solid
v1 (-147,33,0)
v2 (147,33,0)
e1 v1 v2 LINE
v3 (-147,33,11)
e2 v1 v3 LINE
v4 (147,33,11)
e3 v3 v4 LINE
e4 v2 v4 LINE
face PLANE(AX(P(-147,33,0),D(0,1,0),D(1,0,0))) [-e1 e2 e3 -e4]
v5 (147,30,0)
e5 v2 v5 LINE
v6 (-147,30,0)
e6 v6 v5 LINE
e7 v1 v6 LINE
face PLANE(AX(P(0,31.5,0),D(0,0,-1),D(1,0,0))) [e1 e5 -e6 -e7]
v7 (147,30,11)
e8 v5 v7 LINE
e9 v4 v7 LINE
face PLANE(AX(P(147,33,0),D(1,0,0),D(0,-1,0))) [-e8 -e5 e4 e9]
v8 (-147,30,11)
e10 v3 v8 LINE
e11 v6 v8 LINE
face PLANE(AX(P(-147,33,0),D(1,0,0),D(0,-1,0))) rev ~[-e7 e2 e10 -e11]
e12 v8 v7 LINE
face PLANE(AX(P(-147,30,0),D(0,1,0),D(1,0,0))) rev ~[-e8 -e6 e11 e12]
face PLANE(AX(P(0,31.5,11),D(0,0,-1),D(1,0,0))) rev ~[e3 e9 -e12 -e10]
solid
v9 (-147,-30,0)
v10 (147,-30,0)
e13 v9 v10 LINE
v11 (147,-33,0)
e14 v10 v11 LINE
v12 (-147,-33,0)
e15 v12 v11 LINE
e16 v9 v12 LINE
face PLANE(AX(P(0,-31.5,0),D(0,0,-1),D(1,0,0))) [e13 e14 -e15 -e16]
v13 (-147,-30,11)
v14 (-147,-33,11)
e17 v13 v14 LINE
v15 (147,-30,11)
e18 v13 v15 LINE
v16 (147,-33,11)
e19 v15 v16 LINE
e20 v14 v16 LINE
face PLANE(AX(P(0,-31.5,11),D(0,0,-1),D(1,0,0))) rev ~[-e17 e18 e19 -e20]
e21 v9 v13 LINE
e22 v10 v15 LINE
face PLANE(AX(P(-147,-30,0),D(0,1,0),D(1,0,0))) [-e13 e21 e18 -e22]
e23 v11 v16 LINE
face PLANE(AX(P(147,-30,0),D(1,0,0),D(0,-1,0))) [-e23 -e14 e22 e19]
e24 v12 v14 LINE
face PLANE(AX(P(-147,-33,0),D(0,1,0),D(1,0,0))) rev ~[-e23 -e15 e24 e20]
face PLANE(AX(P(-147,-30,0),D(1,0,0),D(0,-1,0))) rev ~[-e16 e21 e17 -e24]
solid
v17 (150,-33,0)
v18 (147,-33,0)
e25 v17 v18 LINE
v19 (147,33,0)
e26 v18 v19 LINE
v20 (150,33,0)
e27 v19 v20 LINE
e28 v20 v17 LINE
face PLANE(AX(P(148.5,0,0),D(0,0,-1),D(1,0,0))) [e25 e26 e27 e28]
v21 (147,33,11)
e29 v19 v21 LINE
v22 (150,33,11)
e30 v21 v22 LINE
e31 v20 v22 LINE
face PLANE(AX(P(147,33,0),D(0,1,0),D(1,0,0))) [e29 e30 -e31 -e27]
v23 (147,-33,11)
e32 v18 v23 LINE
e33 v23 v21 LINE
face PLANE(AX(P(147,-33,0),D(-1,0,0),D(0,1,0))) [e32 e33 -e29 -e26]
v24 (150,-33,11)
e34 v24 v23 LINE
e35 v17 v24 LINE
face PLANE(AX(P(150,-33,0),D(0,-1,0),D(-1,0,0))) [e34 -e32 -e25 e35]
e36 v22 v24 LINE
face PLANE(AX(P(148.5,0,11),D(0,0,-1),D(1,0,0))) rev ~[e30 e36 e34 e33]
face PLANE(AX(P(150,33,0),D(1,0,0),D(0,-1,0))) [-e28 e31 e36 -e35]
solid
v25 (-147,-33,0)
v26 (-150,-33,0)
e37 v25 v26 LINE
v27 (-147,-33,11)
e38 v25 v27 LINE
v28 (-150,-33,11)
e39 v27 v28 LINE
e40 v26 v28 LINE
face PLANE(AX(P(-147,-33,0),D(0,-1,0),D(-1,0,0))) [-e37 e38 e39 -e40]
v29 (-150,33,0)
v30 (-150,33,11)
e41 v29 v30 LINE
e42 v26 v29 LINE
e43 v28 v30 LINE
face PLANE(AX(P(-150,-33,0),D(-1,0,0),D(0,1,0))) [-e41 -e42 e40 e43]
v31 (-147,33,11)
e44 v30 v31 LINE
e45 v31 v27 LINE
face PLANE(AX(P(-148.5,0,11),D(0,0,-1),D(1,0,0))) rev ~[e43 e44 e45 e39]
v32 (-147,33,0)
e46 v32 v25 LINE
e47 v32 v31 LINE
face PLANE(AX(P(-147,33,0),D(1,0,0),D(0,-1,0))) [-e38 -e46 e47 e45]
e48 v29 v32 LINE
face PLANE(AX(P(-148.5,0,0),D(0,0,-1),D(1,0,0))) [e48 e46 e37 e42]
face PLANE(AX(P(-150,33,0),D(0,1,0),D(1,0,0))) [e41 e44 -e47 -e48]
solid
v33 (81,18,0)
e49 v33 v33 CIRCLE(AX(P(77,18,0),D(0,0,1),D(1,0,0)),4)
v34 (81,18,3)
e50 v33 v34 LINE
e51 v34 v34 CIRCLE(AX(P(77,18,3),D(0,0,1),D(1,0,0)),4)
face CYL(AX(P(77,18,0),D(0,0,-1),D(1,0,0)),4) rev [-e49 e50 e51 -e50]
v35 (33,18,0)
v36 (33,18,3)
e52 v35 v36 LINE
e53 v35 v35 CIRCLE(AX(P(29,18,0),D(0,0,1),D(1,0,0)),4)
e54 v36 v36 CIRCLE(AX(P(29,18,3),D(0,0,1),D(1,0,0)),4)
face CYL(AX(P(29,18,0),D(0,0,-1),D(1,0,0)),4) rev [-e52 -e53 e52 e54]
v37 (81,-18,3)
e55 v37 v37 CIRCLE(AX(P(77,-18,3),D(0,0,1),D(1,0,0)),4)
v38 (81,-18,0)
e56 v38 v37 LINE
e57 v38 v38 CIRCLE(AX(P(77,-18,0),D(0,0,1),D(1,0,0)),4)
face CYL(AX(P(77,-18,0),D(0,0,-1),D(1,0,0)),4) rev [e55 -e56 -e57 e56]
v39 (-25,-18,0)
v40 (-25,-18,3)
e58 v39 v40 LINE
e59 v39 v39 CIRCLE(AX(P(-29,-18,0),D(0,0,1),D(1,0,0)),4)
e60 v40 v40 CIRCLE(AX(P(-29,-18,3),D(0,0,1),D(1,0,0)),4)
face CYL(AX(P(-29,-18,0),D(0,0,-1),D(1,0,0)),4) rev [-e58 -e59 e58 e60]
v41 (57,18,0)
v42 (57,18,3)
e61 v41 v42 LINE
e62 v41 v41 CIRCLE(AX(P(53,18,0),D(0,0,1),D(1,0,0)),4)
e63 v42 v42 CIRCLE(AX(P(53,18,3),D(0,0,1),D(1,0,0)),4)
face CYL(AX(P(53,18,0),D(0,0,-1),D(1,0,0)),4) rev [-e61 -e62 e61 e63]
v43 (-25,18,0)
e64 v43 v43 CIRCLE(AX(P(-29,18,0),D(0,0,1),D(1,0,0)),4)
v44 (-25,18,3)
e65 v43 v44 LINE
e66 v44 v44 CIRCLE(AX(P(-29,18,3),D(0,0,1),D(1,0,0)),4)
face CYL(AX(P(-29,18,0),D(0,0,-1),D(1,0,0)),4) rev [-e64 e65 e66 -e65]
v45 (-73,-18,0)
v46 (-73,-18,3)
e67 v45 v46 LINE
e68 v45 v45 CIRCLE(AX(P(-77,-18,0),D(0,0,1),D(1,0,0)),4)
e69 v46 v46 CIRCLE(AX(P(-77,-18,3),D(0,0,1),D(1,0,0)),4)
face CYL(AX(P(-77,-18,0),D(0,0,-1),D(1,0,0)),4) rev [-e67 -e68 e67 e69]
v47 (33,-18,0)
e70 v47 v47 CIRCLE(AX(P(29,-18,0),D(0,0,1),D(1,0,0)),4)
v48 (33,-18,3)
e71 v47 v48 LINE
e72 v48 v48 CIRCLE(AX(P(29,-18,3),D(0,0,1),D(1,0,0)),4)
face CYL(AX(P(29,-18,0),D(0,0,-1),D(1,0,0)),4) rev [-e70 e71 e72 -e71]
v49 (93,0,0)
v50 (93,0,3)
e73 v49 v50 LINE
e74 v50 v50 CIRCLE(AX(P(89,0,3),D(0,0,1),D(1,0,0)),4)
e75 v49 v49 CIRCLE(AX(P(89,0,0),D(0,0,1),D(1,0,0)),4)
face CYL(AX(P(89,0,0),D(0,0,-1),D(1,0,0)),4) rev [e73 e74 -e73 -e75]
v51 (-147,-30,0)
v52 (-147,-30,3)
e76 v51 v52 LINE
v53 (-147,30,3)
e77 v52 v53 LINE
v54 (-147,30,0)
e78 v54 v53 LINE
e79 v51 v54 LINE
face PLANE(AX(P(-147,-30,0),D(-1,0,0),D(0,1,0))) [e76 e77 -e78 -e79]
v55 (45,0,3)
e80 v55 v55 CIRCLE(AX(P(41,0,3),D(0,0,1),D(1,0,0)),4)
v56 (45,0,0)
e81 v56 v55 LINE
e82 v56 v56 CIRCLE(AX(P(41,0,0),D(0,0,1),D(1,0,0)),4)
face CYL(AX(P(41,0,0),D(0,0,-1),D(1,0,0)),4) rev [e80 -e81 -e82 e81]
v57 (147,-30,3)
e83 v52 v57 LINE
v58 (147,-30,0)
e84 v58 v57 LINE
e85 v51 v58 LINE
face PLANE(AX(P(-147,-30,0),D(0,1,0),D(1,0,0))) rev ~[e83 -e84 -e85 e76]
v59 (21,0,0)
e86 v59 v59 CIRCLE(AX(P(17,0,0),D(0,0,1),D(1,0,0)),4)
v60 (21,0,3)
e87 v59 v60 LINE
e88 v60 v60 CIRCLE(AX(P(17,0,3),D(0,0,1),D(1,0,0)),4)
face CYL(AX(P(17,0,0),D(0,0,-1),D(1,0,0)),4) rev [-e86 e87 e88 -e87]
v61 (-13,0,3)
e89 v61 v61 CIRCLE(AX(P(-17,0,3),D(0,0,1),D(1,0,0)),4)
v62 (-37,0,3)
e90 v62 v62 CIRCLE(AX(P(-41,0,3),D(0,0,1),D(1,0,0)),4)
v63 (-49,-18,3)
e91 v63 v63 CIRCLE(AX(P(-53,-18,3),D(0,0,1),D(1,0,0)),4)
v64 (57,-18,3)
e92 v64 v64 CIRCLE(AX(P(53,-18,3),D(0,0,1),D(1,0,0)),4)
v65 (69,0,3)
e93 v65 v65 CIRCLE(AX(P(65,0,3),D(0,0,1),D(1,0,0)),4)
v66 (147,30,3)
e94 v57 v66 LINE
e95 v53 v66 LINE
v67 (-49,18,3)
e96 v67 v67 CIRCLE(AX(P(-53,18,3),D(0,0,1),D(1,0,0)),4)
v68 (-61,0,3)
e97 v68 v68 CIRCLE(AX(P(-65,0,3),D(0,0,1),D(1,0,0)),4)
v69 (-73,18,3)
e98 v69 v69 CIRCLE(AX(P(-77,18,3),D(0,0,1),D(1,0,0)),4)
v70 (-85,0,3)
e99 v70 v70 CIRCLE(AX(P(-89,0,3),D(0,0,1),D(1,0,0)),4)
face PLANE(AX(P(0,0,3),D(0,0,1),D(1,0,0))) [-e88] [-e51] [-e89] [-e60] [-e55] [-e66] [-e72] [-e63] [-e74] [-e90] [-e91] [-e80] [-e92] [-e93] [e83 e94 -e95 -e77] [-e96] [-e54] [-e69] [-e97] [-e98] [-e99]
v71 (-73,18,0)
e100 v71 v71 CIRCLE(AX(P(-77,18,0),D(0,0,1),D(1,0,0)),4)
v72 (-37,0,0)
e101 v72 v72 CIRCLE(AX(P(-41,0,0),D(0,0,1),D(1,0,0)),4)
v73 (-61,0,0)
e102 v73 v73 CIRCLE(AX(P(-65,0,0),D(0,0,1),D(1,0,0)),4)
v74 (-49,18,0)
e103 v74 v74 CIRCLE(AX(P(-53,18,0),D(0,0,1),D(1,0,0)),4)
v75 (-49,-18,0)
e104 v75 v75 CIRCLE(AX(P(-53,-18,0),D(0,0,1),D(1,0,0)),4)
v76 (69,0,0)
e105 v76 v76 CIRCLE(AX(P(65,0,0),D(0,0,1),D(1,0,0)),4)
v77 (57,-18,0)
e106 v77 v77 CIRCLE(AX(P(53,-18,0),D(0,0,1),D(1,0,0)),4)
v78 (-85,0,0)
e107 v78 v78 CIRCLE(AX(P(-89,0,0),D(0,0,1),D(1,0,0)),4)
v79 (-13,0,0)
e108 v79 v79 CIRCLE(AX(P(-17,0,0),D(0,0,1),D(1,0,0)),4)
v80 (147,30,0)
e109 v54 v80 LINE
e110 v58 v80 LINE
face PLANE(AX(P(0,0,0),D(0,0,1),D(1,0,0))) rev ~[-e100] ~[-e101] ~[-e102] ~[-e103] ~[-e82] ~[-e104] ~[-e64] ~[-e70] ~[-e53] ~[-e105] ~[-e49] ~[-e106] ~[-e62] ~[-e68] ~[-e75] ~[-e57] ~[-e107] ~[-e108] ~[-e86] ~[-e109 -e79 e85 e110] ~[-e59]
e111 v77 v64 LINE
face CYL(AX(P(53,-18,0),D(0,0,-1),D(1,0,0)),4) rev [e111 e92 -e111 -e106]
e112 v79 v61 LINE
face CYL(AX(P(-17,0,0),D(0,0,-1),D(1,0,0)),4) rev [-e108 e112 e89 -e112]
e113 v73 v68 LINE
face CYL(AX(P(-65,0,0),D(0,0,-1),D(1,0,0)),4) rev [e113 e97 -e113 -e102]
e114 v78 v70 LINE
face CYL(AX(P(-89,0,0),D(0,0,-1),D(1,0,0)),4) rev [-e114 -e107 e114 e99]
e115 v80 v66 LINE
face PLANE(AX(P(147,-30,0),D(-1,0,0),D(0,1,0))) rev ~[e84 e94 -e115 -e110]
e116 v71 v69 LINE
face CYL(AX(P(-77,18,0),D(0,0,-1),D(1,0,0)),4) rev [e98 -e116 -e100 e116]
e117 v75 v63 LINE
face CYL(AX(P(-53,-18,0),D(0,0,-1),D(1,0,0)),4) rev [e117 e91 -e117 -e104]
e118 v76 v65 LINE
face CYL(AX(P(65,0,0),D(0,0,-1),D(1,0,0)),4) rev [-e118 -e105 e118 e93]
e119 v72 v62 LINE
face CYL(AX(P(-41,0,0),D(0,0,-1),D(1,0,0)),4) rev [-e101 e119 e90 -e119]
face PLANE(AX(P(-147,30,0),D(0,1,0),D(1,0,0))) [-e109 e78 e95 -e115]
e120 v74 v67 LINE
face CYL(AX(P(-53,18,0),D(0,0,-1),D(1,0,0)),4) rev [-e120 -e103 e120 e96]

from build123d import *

# Parameters (mm, degrees)
F0_W     = 294
F0_H     = 60
F0_R     = 4
F1_DEPTH = 3
F2_W     = 294
F2_H     = 3
F3_DEPTH = 11
F5_DEPTH = 11


with BuildPart() as f1:
    # F0 (on Top) → F1 (new body)
    with BuildSketch(Plane.XY):
        Rectangle(F0_W, F0_H)
        with Locations((-77, -18)):
            Circle(F0_R, mode=Mode.SUBTRACT)
        with Locations((-53, -18)):
            Circle(F0_R, mode=Mode.SUBTRACT)
        with Locations((-29, -18)):
            Circle(F0_R, mode=Mode.SUBTRACT)
        with Locations((29, -18)):
            Circle(F0_R, mode=Mode.SUBTRACT)
        with Locations((53, -18)):
            Circle(F0_R, mode=Mode.SUBTRACT)
        with Locations((77, -18)):
            Circle(F0_R, mode=Mode.SUBTRACT)
        with Locations((-89, 0)):
            Circle(F0_R, mode=Mode.SUBTRACT)
        with Locations((-65, 0)):
            Circle(F0_R, mode=Mode.SUBTRACT)
        with Locations((-41, 0)):
            Circle(F0_R, mode=Mode.SUBTRACT)
        with Locations((-17, 0)):
            Circle(F0_R, mode=Mode.SUBTRACT)
        with Locations((-77, 18)):
            Circle(F0_R, mode=Mode.SUBTRACT)
        with Locations((-53, 18)):
            Circle(F0_R, mode=Mode.SUBTRACT)
        with Locations((-29, 18)):
            Circle(F0_R, mode=Mode.SUBTRACT)
        with Locations((17, 0)):
            Circle(F0_R, mode=Mode.SUBTRACT)
        with Locations((41, 0)):
            Circle(F0_R, mode=Mode.SUBTRACT)
        with Locations((65, 0)):
            Circle(F0_R, mode=Mode.SUBTRACT)
        with Locations((89, 0)):
            Circle(F0_R, mode=Mode.SUBTRACT)
        with Locations((29, 18)):
            Circle(F0_R, mode=Mode.SUBTRACT)
        with Locations((53, 18)):
            Circle(F0_R, mode=Mode.SUBTRACT)
        with Locations((77, 18)):
            Circle(F0_R, mode=Mode.SUBTRACT)
    extrude(amount=F1_DEPTH)


with BuildPart() as f3:
    # F2 (on face) → F3 (new body)
    with BuildSketch(Plane(origin=(0, 0, 0), x_dir=(1, 0, 0), z_dir=(0, 0, -1))):
        with Locations((0, 31.5)):
            Rectangle(F2_W, F2_H)
        with Locations((0, -31.5)):
            Rectangle(F2_W, F2_H)
    extrude(amount=-F3_DEPTH)


with BuildPart() as f5:
    # F4 (on face) → F5 (new body)
    with BuildSketch(Plane(origin=(0, 0, 0), x_dir=(1, 0, 0), z_dir=(0, 0, -1))):
        Polygon((-147, -30), (-147, 30), (-147, 33), (-150, 33), (-150, -33), (-147, -33), align=None)
        Polygon((147, 33), (147, 30), (147, -30), (147, -33), (150, -33), (150, 33), align=None)
    extrude(amount=-F5_DEPTH)


solid = Compound([f1.part, f3.part, f5.part])
